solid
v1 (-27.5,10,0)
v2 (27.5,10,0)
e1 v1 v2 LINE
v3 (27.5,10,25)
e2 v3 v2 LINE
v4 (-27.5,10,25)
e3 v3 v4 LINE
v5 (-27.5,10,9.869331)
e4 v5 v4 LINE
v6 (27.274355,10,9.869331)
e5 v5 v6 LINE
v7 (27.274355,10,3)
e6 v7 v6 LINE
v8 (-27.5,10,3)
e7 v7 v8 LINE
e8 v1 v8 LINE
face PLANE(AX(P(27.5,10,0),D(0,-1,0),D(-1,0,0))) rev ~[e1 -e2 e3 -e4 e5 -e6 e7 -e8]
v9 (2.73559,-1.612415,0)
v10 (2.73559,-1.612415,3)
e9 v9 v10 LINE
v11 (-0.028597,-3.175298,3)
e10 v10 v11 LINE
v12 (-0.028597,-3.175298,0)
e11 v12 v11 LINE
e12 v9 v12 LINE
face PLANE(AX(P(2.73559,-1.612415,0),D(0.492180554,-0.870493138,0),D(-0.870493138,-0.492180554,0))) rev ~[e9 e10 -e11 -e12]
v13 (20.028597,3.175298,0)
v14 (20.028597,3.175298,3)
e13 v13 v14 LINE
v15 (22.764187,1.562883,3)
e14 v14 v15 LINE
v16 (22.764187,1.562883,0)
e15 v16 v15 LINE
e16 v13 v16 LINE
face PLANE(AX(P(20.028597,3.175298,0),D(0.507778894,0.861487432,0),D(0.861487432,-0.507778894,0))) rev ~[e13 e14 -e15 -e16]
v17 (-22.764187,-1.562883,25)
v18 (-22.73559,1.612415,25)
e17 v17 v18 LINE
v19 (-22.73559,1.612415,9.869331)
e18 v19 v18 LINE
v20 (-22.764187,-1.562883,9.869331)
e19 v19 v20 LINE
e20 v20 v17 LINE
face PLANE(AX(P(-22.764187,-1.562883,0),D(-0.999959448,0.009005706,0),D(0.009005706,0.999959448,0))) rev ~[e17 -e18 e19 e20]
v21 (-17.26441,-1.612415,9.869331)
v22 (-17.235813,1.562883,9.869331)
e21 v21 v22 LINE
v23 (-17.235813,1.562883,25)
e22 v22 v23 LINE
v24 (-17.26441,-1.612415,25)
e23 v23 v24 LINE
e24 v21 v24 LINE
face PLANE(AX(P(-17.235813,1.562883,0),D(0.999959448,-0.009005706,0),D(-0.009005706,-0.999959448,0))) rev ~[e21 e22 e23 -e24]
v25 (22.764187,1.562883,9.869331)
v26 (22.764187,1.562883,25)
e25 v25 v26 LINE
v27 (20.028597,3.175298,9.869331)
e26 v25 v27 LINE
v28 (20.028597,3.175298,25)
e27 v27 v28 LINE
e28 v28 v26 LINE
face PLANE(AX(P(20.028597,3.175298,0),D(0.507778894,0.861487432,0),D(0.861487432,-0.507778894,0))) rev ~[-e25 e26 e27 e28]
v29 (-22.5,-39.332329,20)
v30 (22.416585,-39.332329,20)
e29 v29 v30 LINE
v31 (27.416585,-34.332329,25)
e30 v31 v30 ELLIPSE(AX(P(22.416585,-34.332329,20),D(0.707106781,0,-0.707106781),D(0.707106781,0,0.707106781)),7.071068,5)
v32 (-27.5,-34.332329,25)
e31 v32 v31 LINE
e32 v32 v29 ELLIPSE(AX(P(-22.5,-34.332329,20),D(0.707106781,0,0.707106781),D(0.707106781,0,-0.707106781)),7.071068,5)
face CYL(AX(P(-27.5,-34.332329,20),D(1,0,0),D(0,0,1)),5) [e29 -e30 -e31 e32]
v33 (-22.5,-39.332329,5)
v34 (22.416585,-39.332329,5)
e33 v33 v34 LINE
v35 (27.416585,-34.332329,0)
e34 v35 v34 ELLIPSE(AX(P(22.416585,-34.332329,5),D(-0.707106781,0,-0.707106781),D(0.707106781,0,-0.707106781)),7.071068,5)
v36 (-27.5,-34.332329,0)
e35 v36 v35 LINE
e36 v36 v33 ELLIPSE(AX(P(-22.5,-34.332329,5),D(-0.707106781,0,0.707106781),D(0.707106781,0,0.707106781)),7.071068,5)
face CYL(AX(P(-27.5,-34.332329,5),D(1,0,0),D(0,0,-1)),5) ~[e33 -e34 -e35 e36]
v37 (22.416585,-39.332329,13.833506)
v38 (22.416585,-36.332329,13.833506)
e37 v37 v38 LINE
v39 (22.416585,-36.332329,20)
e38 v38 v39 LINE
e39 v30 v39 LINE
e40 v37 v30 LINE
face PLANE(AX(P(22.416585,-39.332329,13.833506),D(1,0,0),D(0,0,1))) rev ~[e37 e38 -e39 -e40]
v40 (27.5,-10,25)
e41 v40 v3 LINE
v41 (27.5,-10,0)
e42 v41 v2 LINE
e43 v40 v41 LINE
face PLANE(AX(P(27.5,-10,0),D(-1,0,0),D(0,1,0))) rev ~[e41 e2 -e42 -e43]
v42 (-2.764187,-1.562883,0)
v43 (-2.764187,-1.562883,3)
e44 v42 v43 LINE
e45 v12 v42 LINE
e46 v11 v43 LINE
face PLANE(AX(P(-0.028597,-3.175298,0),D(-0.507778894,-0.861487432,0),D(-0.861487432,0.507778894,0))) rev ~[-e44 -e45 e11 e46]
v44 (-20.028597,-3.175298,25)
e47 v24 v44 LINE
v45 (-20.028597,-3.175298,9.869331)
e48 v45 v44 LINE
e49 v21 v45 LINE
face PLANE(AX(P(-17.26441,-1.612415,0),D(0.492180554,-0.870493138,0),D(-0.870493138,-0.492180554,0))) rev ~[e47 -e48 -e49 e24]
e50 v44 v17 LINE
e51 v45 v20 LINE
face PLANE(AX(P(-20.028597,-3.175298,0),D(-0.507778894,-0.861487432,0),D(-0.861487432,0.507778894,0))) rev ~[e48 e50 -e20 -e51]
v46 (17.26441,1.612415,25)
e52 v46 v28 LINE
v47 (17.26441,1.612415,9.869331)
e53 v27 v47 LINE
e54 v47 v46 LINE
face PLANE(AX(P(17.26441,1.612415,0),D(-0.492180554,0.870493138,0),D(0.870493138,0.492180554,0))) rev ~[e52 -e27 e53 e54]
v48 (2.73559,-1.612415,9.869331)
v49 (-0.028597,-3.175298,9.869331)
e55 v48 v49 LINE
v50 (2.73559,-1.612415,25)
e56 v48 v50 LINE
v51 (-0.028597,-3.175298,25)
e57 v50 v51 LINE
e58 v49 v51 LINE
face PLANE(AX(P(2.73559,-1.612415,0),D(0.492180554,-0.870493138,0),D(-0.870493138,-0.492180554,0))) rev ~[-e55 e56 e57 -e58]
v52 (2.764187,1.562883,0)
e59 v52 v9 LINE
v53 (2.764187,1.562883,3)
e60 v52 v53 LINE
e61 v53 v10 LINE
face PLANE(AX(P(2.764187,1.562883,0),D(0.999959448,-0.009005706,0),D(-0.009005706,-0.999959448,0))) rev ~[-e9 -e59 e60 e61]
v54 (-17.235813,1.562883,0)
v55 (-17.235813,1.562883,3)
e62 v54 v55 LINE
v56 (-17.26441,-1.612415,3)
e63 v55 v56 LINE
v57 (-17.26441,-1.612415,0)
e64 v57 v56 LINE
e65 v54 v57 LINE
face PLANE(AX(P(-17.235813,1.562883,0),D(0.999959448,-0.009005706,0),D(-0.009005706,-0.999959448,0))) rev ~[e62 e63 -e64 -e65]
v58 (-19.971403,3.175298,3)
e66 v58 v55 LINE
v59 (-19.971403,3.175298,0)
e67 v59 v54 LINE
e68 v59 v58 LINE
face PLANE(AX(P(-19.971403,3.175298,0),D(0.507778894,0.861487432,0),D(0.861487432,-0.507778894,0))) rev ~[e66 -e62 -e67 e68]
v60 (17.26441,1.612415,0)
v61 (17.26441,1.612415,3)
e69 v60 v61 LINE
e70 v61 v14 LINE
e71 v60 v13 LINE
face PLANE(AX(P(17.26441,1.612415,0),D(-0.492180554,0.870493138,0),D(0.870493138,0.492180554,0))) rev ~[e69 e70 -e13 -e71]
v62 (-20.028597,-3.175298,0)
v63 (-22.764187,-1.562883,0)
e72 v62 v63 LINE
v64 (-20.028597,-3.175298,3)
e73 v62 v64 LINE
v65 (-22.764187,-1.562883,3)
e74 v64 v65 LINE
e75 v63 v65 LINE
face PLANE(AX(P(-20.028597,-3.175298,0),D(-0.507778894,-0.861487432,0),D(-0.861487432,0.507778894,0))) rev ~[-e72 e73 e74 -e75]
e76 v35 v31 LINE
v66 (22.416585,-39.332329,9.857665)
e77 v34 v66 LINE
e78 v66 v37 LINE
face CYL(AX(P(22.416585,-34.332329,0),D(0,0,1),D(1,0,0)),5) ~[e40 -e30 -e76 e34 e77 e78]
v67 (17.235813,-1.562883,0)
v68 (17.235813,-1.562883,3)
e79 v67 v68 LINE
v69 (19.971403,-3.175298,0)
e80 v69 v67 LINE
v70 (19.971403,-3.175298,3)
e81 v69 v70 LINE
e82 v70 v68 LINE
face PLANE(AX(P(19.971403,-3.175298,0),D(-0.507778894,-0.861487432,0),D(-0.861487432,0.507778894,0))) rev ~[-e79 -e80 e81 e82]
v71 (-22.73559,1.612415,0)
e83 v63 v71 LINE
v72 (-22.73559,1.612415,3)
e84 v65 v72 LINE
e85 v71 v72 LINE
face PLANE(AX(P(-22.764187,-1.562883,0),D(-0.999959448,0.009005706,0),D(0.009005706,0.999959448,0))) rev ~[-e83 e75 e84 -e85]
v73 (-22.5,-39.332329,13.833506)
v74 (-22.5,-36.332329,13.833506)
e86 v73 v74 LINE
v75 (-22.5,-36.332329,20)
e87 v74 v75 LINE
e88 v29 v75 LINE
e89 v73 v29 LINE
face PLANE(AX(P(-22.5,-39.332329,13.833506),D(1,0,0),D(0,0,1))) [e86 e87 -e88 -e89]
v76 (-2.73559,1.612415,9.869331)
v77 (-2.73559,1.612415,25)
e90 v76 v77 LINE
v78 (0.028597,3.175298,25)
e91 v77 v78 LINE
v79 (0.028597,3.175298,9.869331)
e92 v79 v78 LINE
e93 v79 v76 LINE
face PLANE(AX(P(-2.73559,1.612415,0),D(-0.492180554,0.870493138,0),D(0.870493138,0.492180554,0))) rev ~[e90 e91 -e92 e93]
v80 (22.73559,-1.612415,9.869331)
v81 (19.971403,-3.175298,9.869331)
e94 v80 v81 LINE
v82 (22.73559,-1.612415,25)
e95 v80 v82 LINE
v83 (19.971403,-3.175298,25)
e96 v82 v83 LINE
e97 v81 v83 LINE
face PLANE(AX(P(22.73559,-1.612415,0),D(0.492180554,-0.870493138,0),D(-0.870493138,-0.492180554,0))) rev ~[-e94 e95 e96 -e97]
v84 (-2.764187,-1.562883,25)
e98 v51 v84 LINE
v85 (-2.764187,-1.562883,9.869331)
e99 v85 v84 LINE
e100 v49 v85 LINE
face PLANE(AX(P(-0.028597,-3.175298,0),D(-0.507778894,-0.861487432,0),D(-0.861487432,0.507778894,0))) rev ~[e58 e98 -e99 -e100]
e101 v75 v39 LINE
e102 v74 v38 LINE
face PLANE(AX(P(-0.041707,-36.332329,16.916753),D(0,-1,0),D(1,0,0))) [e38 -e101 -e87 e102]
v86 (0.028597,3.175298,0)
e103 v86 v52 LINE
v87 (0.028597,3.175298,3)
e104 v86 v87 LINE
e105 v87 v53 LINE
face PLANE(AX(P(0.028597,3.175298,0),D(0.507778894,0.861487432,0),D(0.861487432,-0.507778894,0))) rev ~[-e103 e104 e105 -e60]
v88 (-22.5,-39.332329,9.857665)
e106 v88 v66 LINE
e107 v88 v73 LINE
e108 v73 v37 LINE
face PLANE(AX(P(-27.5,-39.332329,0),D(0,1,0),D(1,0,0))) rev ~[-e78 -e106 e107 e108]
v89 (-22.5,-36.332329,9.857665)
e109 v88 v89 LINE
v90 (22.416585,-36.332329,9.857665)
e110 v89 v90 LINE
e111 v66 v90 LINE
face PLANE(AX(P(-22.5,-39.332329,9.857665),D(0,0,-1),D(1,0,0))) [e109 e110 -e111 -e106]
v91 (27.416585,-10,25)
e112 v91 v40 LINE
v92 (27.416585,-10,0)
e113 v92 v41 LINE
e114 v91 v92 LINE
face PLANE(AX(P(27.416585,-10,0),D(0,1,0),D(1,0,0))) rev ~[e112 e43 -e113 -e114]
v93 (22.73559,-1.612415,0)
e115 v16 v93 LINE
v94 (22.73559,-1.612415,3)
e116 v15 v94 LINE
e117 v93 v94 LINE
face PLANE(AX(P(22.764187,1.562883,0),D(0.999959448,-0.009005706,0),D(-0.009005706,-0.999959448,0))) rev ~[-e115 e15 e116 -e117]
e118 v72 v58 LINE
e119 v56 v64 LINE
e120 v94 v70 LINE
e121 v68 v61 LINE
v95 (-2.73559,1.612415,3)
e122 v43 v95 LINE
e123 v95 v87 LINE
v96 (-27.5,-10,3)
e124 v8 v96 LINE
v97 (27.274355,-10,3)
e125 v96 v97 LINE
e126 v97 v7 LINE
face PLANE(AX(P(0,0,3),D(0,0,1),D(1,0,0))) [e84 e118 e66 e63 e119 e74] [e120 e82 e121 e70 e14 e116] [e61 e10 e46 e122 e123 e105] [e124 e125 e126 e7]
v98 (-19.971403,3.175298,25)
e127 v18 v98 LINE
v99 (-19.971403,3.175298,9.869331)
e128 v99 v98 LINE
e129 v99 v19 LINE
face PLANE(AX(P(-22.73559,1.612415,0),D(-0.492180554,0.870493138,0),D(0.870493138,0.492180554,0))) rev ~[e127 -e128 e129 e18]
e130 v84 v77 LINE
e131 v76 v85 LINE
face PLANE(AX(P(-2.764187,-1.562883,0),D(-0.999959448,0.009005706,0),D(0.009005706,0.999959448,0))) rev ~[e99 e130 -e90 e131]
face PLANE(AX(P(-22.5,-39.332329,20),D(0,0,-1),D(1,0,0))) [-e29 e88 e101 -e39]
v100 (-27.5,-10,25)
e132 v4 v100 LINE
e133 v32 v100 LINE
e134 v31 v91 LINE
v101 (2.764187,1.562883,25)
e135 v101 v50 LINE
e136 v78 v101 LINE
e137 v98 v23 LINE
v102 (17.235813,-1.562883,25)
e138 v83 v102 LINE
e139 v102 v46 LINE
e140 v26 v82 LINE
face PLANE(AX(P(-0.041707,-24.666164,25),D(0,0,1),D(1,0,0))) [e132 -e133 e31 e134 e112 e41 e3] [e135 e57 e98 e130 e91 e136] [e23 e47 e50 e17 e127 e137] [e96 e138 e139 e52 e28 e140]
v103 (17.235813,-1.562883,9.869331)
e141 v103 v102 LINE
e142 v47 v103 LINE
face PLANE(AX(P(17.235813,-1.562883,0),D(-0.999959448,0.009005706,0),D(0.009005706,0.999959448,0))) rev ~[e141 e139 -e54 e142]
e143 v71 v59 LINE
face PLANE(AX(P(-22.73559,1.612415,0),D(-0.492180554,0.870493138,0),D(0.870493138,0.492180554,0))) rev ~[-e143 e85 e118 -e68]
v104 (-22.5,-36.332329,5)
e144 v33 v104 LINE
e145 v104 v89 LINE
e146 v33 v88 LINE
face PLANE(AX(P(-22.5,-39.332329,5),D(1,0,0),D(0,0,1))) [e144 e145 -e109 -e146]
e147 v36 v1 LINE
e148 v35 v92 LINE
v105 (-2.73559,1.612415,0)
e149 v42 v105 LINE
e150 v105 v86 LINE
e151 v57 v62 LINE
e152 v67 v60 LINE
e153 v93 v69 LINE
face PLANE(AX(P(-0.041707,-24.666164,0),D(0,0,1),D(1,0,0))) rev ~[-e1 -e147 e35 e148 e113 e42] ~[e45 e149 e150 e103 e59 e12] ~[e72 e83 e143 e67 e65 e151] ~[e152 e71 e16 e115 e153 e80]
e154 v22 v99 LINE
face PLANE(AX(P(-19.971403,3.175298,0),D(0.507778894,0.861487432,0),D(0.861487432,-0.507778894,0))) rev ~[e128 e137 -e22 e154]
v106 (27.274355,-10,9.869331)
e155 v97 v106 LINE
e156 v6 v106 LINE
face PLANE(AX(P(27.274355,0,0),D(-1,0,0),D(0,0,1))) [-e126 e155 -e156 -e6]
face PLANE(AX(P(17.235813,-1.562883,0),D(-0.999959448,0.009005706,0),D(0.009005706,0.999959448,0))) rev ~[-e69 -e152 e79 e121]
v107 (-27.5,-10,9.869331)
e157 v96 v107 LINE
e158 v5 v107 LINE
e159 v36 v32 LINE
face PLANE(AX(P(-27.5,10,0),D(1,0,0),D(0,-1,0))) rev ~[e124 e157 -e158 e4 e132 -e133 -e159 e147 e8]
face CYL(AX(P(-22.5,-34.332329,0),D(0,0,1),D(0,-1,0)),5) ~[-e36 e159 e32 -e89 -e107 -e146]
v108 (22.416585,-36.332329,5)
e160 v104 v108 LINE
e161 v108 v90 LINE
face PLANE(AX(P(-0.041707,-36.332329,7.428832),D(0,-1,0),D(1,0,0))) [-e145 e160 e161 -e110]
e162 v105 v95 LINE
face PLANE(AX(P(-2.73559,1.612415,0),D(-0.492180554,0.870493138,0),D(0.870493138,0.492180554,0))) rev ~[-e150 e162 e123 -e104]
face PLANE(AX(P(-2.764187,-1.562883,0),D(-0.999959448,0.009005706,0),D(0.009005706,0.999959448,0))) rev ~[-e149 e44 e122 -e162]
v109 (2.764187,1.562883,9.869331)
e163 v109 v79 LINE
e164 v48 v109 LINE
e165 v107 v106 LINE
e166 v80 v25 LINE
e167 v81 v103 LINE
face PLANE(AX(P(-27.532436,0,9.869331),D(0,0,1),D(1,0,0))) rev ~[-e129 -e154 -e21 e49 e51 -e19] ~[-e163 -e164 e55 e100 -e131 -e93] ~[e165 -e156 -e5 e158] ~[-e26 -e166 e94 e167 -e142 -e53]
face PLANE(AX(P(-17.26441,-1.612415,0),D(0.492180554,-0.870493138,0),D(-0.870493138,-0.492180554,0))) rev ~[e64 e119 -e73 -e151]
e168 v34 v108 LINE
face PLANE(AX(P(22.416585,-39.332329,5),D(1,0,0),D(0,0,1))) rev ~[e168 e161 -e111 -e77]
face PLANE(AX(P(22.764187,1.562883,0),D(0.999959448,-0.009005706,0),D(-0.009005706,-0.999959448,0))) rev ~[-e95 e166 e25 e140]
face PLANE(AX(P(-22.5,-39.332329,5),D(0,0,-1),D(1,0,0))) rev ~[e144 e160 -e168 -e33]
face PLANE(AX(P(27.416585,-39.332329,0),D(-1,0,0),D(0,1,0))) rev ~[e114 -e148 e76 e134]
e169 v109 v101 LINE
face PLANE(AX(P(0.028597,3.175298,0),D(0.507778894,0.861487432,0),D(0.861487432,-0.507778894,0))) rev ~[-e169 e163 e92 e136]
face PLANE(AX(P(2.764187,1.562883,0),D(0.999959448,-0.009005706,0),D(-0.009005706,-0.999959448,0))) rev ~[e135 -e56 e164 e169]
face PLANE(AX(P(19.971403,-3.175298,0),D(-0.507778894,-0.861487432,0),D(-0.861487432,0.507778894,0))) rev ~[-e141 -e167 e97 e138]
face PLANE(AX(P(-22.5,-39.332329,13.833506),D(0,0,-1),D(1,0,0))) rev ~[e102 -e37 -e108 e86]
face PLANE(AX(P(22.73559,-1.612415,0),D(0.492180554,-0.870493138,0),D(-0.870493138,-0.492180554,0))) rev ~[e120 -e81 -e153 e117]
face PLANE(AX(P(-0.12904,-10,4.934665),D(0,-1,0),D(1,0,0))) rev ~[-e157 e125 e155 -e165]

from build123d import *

# Parameters (mm, degrees)
F0_W          = 54.9165850133
F0_H          = 29.332328558
F1_DEPTH      = 25
F2_W          = 54.8067912459
F2_H          = 9.8693305627
F3_DEPTH      = 10
F3_DEPTH_BACK = 25
F4_DEPTH      = 3
F5_R          = 5
F6_W          = 44.9165850133
F6_H          = 6.1664939672
F6_H_2        = 4.8576648161
F7_DEPTH      = 3


with BuildPart() as f1:
    # F0 (on Top) → F1 (new body)
    with BuildSketch(Plane.XY):
        with Locations((-0.0417074934, -24.666164279)):
            Rectangle(F0_W, F0_H)
        Polygon((27.5, 10), (-27.5, 10), (-27.5, -10), (27.4165850133, -10), (27.5, -10), align=None)
        Polygon((-22.7641869603, -1.5628831632), (-22.7355900026, 1.6124145468), (-19.9714030424, 3.17529771), (-17.2358130397, 1.5628831632), (-17.2644099974, -1.6124145468), (-20.0285969576, -3.17529771), align=None, mode=Mode.SUBTRACT)
        Polygon((2.7641869603, 1.5628831632), (2.7355900026, -1.6124145468), (-0.0285969576, -3.17529771), (-2.7641869603, -1.5628831632), (-2.7355900026, 1.6124145468), (0.0285969576, 3.17529771), align=None, mode=Mode.SUBTRACT)
        Polygon((22.7641869603, 1.5628831632), (22.7355900026, -1.6124145468), (19.9714030424, -3.17529771), (17.2358130397, -1.5628831632), (17.2644099974, 1.6124145468), (20.0285969576, 3.17529771), align=None, mode=Mode.SUBTRACT)
    extrude(amount=F1_DEPTH)

    # F2 (on Front) → F3 (cut, two sides)
    with BuildSketch(Plane.XZ) as f3_sk:
        with Locations((-0.1290403306, 4.9346652813)):
            Rectangle(F2_W, F2_H)
    extrude(amount=F3_DEPTH, mode=Mode.SUBTRACT)
    extrude(f3_sk.sketch, amount=-F3_DEPTH_BACK, mode=Mode.SUBTRACT)

    # F0 (on Top) → F4 (join)
    with BuildSketch(Plane.XY):
        Polygon((27.5, 10), (-27.5, 10), (-27.5, -10), (27.4165850133, -10), (27.5, -10), align=None)
        Polygon((-22.7641869603, -1.5628831632), (-22.7355900026, 1.6124145468), (-19.9714030424, 3.17529771), (-17.2358130397, 1.5628831632), (-17.2644099974, -1.6124145468), (-20.0285969576, -3.17529771), align=None, mode=Mode.SUBTRACT)
        Polygon((2.7641869603, 1.5628831632), (2.7355900026, -1.6124145468), (-0.0285969576, -3.17529771), (-2.7641869603, -1.5628831632), (-2.7355900026, 1.6124145468), (0.0285969576, 3.17529771), align=None, mode=Mode.SUBTRACT)
        Polygon((22.7641869603, 1.5628831632), (22.7355900026, -1.6124145468), (19.9714030424, -3.17529771), (17.2358130397, -1.5628831632), (17.2644099974, 1.6124145468), (20.0285969576, 3.17529771), align=None, mode=Mode.SUBTRACT)
    extrude(amount=F4_DEPTH)

    # F5
    f5_edges = [f1.edges().sort_by_distance(p)[0] for p in [
        (-0.041707, -39.332329, 25),
        (-0.041707, -39.332329, 0),
        (27.416585, -39.332329, 12.5),
        (-27.5, -39.332329, 12.5),
    ]]
    fillet(f5_edges, radius=F5_R)

    # F6 (on face) → F7 (cut)
    with BuildSketch(Plane.XZ.offset(39.332328558)):
        with Locations((-0.0417074934, 16.9167530164)):
            Rectangle(F6_W, F6_H)
        with Locations((-0.0417074934, 7.428832408)):
            Rectangle(F6_W, F6_H_2)
    extrude(amount=-F7_DEPTH, mode=Mode.SUBTRACT)


solid = f1.part
